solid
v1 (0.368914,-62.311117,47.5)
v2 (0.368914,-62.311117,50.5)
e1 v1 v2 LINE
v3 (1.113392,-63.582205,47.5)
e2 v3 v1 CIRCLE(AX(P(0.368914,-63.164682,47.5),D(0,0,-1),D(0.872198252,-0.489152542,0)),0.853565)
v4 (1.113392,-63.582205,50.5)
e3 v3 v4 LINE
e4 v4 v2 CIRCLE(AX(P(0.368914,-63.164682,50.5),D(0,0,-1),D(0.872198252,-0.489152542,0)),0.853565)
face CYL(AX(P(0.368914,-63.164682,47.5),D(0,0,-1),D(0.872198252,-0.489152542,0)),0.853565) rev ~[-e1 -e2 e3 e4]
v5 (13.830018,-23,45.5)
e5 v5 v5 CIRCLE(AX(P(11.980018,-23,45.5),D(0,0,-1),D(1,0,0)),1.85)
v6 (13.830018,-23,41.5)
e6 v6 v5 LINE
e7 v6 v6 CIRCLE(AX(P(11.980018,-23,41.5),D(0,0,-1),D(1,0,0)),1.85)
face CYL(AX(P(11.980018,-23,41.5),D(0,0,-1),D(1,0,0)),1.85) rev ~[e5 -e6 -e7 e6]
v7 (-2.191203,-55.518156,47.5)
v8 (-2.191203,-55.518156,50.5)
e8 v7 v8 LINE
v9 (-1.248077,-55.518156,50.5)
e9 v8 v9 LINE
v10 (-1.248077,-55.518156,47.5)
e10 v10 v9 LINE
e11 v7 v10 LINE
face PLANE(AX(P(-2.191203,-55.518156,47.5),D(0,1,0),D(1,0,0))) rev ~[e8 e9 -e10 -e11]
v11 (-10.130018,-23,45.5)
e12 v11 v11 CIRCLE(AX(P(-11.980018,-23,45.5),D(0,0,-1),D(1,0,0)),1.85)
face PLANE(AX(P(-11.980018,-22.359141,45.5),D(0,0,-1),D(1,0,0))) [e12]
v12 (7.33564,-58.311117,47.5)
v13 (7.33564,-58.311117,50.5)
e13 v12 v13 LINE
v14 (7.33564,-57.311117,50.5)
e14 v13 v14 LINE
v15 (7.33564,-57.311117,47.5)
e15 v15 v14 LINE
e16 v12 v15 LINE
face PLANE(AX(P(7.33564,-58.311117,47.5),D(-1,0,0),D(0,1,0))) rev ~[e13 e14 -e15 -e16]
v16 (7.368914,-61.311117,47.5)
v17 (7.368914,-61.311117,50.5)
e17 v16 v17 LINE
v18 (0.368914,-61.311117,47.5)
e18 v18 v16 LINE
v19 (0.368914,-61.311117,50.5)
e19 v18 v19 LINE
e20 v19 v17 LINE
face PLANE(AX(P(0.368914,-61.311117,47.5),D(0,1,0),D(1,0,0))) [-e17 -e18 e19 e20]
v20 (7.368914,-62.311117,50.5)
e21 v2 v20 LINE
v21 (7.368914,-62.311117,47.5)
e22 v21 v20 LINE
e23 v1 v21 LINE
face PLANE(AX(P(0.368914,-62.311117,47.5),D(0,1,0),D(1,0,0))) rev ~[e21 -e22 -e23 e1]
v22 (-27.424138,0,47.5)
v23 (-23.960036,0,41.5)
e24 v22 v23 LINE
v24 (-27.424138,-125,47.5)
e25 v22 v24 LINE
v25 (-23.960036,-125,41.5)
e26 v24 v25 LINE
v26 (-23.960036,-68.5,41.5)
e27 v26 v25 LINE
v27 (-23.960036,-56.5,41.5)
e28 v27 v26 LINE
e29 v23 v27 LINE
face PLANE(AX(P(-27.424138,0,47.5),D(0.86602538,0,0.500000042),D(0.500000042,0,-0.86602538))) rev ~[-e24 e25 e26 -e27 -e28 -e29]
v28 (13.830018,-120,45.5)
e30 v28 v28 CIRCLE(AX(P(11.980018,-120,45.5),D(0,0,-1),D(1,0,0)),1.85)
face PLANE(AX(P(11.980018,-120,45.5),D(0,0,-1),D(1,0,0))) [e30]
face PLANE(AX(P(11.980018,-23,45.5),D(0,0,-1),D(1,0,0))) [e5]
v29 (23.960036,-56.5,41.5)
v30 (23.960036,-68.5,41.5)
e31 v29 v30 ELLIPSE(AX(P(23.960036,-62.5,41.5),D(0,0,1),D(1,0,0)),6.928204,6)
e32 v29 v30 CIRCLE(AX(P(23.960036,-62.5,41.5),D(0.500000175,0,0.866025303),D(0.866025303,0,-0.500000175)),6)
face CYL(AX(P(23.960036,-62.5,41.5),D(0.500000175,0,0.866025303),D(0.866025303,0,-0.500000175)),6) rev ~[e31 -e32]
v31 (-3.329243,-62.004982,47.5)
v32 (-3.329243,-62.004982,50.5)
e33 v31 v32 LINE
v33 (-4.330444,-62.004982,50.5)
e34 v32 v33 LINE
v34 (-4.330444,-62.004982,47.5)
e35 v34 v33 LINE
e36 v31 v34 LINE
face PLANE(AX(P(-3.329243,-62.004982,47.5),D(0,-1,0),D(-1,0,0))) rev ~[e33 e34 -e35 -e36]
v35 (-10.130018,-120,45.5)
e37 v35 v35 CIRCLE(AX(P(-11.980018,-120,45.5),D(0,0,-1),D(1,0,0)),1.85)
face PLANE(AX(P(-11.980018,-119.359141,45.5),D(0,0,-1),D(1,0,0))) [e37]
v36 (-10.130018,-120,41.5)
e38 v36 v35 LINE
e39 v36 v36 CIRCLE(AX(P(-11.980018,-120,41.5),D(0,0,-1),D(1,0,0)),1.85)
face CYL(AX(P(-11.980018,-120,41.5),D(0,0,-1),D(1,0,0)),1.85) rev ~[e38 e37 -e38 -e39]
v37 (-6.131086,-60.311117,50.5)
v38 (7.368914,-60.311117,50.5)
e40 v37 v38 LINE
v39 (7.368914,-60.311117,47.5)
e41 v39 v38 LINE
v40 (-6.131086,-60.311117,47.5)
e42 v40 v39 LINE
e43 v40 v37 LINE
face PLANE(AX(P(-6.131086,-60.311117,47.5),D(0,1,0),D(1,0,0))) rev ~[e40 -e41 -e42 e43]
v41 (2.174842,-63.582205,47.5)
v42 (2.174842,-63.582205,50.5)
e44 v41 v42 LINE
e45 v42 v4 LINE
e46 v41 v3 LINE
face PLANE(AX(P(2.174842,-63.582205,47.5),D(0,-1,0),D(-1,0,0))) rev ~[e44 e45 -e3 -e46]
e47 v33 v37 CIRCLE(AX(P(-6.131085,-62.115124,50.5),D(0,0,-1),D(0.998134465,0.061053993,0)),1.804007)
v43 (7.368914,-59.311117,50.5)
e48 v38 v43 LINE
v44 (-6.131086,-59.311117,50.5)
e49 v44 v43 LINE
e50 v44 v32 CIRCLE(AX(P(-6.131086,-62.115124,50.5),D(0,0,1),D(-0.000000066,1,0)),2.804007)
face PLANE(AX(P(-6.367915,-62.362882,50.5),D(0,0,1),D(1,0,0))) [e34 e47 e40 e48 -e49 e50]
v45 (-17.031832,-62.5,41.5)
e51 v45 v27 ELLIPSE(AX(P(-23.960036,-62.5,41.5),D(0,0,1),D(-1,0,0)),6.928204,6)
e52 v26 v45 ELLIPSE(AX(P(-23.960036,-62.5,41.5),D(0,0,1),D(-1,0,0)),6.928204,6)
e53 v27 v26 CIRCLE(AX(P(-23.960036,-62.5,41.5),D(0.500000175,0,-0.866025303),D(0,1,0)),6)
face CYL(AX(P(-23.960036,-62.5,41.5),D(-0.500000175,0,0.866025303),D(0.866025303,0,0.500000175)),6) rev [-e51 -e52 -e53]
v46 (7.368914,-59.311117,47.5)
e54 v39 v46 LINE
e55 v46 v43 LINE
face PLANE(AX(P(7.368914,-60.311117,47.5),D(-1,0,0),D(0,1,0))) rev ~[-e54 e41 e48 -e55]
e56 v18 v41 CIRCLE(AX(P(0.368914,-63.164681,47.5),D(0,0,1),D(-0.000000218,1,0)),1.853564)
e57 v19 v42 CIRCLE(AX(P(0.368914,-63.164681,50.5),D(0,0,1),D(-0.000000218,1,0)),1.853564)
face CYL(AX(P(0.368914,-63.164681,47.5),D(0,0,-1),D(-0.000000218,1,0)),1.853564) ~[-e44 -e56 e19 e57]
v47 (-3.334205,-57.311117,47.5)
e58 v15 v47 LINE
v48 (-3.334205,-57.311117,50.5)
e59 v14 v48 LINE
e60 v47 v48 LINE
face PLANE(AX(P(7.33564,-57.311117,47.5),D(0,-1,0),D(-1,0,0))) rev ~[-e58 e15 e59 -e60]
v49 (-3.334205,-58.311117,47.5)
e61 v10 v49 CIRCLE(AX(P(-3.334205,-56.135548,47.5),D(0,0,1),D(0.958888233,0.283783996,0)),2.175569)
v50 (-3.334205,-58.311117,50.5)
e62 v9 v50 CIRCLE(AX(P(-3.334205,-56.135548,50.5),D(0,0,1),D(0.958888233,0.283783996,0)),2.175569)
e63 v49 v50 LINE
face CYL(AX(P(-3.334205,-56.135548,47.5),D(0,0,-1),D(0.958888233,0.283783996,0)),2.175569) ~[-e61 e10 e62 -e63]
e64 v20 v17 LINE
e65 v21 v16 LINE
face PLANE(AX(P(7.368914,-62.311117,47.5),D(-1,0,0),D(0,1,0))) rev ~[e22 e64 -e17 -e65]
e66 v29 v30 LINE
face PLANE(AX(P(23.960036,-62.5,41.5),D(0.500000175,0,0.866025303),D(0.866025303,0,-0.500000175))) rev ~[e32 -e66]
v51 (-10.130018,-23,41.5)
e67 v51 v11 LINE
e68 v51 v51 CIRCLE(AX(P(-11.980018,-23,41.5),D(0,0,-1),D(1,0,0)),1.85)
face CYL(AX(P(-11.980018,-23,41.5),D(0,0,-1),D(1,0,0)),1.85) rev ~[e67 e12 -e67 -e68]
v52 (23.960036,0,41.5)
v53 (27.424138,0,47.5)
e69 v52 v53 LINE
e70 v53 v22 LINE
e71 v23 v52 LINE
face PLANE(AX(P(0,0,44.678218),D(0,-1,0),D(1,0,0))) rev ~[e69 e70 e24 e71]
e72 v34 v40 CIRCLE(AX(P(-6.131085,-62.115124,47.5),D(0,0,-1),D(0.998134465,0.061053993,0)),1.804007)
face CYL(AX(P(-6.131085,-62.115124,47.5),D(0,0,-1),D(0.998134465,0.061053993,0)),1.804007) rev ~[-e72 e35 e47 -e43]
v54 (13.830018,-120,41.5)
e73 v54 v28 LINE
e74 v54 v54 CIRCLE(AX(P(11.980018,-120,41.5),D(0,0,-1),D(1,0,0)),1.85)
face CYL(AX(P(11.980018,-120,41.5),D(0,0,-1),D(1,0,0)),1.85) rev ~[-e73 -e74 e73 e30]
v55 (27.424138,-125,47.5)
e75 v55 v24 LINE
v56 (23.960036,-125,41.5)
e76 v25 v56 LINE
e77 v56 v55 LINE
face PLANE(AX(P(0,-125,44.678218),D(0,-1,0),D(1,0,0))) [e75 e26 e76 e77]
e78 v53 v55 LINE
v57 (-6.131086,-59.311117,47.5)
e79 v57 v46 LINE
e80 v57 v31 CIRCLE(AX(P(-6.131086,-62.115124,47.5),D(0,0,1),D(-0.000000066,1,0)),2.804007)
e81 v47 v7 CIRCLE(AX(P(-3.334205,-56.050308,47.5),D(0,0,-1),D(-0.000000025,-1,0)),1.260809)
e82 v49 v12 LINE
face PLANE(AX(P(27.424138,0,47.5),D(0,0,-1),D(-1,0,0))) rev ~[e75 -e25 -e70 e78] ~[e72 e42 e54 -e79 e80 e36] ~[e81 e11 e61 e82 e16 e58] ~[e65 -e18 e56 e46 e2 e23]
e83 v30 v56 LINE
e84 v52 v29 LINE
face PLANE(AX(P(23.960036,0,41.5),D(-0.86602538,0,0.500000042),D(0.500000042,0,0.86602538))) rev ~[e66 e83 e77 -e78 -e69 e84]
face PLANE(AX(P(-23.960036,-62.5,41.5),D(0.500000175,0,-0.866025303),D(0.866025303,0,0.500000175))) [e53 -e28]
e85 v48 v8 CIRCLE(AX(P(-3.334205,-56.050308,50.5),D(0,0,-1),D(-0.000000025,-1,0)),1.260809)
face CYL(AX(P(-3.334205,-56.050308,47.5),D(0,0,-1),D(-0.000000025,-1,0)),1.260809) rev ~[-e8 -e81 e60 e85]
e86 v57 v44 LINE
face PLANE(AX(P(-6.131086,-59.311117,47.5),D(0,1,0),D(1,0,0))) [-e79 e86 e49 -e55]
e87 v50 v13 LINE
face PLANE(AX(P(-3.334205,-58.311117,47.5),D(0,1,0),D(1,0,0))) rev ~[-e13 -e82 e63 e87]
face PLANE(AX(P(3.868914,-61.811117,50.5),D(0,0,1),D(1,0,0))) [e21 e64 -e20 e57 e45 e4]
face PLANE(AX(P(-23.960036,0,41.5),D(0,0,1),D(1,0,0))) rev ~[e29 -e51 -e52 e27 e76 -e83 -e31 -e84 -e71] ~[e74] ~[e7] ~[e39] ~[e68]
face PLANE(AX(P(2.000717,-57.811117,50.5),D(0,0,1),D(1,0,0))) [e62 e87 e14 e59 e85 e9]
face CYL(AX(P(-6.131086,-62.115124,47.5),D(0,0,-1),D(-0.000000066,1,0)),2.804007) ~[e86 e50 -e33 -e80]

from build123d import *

# Parameters (mm, degrees)
F1_DEPTH  = 125
F2_R      = 1.85
F3_DEPTH  = 4
F4_W      = 7
F4_H      = 1
F4_W_2    = 13.5
F4_W_3    = 10.669845
F5_DEPTH  = 3
F7_R      = 6
F8_DEPTH  = 25
F10_R     = 6
F11_DEPTH = 25


with BuildPart() as f1:
    # F0 (on Front) → F1 (new body)
    with BuildSketch(Plane.XZ):
        Polygon((27.424138, 47.5), (-27.424138, 47.5), (-23.960036, 41.5), (23.960036, 41.5), align=None)
    extrude(amount=F1_DEPTH)

    # F2 (on face) → F3 (cut)
    with BuildSketch(Plane(origin=(0, 0, 41.5), x_dir=(1, 0, 0), z_dir=(0, 0, -1))):
        with BuildLine():
            ThreePointArc((-13.830018, 120), (-11.980018, 118.15), (-10.130018, 120))
            Line((-10.130018, 120), (-13.830018, 120))
        make_face()
        with BuildLine():
            Line((-13.830018, 120), (-10.130018, 120))
            ThreePointArc((-10.130018, 120), (-11.980018, 121.85), (-13.830018, 120))
        make_face()
        with Locations((11.980018, 120)):
            Circle(F2_R)
        with BuildLine():
            ThreePointArc((-13.830018, 23), (-11.980018, 21.15), (-10.130018, 23))
            Line((-10.130018, 23), (-13.830018, 23))
        make_face()
        with BuildLine():
            Line((-13.830018, 23), (-10.130018, 23))
            ThreePointArc((-10.130018, 23), (-11.980018, 24.85), (-13.830018, 23))
        make_face()
        with Locations((11.980018, 23)):
            Circle(F2_R)
    extrude(amount=-F3_DEPTH, mode=Mode.SUBTRACT)

    # F4 (on face) → F5 (join)
    with BuildSketch(Plane.XY.offset(47.5)):
        with Locations((3.868914, -61.811117)):
            Rectangle(F4_W, F4_H)
        with BuildLine():
            ThreePointArc((1.113392, -63.582205), (-0.367617, -63.596068), (0.368914, -62.311117))
            Line((0.368914, -62.311117), (0.368914, -61.311117))
            ThreePointArc((0.368914, -61.311117), (-1.08188, -64.318326), (2.174842, -63.582205))
            Line((2.174842, -63.582205), (1.113392, -63.582205))
        make_face()
        with BuildLine():
            ThreePointArc((-4.330444, -62.004982), (-7.367157, -63.429113), (-6.131086, -60.311117))
            Line((-6.131086, -60.311117), (-6.131086, -59.311117))
            ThreePointArc((-6.131086, -59.311117), (-8.074487, -64.136422), (-3.329243, -62.004982))
            Line((-3.329243, -62.004982), (-4.330444, -62.004982))
        make_face()
        with Locations((0.618914, -59.811117)):
            Rectangle(F4_W_2, F4_H)
        with Locations((2.000717, -57.811117)):
            Rectangle(F4_W_3, F4_H)
        with BuildLine():
            ThreePointArc((-3.334205, -57.311117), (-4.397356, -55.372555), (-2.191203, -55.518156))
            Line((-2.191203, -55.518156), (-1.248077, -55.518156))
            ThreePointArc((-1.248077, -55.518156), (-5.077231, -54.833641), (-3.334205, -58.311117))
            Line((-3.334205, -58.311117), (-3.334205, -57.311117))
        make_face()
    extrude(amount=F5_DEPTH)

    # F7 (on face) → F8 (cut)
    with BuildSketch(Plane(origin=(-23.960036, 0, 41.5), x_dir=(0.866025, 0, 0.5), z_dir=(0.5, 0, -0.866025))):
        with Locations((0, 62.5)):
            Circle(F7_R)
    extrude(amount=F8_DEPTH, mode=Mode.SUBTRACT)

    # F10 (on face) → F11 (cut)
    with BuildSketch(Plane(origin=(23.960036, 0, 41.5), x_dir=(0.866025, 0, -0.5), z_dir=(0.5, 0, 0.866025))):
        with Locations((0, -62.5)):
            Circle(F10_R)
    extrude(amount=-F11_DEPTH, mode=Mode.SUBTRACT)


solid = f1.part
